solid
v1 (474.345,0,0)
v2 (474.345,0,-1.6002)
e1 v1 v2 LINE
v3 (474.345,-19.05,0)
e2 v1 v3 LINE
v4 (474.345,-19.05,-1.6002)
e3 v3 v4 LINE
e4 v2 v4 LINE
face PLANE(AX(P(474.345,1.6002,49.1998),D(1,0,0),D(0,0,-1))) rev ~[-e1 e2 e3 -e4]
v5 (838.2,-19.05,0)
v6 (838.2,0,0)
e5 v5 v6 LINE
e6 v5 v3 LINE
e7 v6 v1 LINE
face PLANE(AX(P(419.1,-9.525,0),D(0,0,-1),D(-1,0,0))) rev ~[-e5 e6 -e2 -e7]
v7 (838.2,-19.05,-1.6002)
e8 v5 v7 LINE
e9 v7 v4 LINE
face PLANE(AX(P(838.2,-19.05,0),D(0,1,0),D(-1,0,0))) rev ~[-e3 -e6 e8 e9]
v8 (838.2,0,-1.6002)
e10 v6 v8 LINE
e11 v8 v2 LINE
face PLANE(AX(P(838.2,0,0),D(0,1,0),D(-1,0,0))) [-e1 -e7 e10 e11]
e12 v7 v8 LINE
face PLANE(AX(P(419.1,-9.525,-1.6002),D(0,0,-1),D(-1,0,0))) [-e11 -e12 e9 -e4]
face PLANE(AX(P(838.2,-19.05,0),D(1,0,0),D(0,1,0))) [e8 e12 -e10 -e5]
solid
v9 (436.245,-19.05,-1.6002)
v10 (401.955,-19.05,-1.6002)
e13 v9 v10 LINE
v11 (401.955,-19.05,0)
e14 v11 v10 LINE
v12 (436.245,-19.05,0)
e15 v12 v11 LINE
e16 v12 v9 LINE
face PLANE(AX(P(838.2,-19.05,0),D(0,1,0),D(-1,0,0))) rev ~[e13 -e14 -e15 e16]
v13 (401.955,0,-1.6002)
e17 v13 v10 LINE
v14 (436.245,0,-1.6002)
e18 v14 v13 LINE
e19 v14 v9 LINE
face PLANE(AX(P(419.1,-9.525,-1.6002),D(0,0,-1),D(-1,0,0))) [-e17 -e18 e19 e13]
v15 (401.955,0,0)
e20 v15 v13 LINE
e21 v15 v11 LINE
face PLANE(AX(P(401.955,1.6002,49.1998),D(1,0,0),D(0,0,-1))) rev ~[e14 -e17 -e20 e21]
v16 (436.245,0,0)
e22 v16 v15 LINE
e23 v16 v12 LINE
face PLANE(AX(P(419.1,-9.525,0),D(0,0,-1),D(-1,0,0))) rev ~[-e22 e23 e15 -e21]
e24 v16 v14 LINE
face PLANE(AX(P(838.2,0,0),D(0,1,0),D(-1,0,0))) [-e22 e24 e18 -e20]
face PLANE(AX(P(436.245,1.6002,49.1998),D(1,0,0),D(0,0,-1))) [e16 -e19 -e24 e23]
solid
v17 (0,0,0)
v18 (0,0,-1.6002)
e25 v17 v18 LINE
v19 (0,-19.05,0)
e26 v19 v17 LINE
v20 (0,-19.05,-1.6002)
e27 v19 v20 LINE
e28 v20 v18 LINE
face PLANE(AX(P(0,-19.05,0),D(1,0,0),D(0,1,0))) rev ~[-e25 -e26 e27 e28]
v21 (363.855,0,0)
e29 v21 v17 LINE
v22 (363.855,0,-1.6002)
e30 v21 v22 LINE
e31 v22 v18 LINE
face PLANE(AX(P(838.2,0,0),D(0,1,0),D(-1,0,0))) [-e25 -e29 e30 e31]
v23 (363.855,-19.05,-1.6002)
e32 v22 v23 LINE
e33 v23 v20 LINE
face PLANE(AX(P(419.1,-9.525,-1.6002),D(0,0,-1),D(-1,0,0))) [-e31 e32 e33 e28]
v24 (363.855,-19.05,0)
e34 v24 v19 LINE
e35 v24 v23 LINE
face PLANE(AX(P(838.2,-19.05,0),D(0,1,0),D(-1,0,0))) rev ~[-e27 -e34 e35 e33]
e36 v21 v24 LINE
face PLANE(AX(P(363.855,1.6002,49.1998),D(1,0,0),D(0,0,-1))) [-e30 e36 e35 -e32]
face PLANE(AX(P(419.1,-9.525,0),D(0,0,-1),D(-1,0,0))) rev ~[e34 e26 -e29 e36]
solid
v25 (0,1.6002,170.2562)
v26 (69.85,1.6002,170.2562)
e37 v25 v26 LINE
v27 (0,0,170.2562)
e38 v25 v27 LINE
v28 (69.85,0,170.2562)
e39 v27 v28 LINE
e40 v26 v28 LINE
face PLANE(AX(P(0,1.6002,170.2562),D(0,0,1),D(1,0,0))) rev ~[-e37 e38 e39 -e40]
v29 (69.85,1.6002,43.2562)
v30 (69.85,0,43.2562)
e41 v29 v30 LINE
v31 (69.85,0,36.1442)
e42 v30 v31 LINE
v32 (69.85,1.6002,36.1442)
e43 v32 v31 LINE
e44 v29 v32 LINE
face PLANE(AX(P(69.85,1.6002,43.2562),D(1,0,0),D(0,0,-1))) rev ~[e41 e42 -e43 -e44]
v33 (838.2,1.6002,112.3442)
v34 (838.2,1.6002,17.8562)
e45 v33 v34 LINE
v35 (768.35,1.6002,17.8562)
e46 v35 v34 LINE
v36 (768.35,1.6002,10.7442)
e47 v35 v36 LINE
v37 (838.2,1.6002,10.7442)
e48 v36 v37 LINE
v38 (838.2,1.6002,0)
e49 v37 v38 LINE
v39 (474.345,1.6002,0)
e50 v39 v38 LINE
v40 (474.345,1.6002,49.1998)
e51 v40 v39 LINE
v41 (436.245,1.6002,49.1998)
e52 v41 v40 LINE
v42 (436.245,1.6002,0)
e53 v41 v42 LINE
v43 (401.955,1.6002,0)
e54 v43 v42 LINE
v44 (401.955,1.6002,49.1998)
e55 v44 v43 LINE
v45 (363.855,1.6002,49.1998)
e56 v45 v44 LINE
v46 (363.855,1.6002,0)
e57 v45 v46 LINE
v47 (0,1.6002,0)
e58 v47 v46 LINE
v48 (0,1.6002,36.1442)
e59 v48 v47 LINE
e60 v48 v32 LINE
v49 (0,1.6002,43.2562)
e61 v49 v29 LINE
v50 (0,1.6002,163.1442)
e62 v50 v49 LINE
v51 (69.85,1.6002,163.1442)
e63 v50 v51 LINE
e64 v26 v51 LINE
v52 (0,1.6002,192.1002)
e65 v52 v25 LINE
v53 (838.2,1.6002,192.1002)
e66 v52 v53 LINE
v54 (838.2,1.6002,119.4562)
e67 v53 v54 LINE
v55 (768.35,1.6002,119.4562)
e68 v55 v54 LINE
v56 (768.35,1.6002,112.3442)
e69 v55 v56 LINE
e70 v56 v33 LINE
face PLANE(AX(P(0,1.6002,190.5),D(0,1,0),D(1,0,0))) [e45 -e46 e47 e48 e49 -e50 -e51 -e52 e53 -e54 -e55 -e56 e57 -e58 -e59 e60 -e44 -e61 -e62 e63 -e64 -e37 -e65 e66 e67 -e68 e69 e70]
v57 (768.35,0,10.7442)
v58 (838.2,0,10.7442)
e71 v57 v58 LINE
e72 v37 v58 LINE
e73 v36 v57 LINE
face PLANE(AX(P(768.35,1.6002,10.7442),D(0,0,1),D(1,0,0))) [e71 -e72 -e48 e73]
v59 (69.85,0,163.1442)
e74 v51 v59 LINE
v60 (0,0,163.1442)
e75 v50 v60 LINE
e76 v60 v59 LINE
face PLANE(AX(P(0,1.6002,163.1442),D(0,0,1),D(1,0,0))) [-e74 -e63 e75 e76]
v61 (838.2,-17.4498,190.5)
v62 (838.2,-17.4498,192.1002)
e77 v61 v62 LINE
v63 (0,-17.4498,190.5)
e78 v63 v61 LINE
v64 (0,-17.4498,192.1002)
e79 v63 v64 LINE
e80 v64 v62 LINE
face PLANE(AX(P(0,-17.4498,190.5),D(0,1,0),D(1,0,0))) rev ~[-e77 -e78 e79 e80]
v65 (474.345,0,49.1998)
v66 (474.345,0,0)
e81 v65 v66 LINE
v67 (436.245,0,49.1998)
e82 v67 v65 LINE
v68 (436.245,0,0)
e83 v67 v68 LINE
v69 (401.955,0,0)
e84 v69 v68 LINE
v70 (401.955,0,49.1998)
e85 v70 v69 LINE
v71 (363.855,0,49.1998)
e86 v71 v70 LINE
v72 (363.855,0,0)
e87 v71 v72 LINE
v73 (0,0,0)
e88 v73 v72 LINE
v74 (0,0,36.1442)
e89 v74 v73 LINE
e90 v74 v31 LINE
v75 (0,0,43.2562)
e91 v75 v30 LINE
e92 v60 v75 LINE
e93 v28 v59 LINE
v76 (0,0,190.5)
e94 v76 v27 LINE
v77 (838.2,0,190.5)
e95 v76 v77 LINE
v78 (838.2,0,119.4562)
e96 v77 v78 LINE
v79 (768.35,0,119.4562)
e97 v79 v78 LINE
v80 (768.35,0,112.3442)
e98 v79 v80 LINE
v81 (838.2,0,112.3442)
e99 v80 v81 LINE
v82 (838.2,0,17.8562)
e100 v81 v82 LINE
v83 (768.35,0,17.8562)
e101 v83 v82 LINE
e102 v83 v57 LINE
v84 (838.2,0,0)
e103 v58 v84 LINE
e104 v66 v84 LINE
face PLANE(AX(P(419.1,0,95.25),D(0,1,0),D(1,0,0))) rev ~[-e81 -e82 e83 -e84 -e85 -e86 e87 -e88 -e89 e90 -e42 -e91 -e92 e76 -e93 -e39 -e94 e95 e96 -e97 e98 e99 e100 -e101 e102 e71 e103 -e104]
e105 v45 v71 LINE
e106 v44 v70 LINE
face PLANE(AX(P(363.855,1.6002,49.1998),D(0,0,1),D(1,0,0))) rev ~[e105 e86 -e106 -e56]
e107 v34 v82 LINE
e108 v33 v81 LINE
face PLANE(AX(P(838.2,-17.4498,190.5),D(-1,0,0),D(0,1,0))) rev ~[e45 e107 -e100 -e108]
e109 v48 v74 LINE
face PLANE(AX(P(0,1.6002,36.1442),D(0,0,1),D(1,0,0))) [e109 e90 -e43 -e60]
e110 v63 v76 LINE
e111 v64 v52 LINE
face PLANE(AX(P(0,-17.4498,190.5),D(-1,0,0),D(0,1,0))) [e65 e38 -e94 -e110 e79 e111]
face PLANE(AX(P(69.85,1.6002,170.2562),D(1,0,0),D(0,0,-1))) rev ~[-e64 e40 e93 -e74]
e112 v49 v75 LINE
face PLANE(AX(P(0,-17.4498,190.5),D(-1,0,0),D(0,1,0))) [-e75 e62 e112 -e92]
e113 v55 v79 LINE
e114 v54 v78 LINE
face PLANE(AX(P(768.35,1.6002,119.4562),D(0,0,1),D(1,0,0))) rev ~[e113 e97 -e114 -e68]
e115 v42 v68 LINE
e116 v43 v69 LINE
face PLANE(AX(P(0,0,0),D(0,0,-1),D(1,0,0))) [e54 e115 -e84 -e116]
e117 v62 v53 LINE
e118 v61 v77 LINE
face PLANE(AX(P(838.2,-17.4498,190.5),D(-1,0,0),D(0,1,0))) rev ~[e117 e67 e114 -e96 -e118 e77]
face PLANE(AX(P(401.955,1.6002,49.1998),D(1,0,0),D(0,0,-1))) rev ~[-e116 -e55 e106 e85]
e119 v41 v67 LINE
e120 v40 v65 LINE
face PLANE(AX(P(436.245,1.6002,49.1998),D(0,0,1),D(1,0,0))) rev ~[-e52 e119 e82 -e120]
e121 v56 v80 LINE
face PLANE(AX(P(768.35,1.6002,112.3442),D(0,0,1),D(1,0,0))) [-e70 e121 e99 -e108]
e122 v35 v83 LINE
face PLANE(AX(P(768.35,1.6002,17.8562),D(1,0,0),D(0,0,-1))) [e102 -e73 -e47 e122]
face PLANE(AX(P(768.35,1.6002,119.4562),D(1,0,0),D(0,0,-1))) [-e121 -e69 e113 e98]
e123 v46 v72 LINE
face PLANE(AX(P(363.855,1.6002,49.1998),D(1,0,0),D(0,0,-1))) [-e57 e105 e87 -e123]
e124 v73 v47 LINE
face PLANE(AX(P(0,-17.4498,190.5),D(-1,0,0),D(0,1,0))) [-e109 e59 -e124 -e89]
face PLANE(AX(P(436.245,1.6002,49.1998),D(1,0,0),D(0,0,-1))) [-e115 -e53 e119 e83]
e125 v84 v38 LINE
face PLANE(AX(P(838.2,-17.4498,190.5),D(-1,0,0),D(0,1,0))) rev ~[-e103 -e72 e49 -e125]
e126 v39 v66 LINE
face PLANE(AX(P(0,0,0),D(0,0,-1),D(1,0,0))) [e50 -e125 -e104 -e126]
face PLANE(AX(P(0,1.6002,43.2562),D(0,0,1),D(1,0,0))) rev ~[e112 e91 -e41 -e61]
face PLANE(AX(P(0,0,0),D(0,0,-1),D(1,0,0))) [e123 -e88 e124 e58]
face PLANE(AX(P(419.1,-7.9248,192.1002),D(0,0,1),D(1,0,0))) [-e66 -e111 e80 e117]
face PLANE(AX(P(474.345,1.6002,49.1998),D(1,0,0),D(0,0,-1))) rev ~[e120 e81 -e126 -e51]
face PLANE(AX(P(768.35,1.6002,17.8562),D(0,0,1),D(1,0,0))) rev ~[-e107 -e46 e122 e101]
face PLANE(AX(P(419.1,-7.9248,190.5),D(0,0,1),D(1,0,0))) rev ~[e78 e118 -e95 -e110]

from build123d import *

# Parameters (mm, degrees)
SKETCH1_W           = 838.2
SKETCH1_H           = 190.5
BOSS_EXTRUDE1_DEPTH = 1.6002
SKETCH3_W           = 838.2
SKETCH3_H           = 19.05
BOSS_EXTRUDE2_DEPTH = 1.6002
SKETCH4_W           = 838.2
SKETCH4_H           = 19.05
BOSS_EXTRUDE3_DEPTH = 1.6002
SKETCH2_W           = 38.1
SKETCH2_H           = 50.8
CUT_EXTRUDE1_DEPTH  = 21.6502
SKETCH6_W           = 69.85
SKETCH6_H           = 7.112
CUT_EXTRUDE2_DEPTH  = 21.6502


with BuildPart() as part:
    # Sketch1 → Boss-Extrude1 (new body)
    with BuildSketch(Plane(origin=(0, 0, 0), x_dir=(1, 0, 0), z_dir=(0, 1, 0))):
        with Locations((419.1, -95.25)):
            Rectangle(SKETCH1_W, SKETCH1_H)
    extrude(amount=BOSS_EXTRUDE1_DEPTH)

    # Sketch3 → Boss-Extrude2 (add)
    with BuildSketch(Plane.XY.offset(190.5)):
        with Locations((419.1, -7.9248)):
            Rectangle(SKETCH3_W, SKETCH3_H)
    extrude(amount=BOSS_EXTRUDE2_DEPTH)


with BuildPart() as body_2:
    # Sketch4 → Boss-Extrude3 (new body)
    with BuildSketch(Plane(origin=(0, 0, 0), x_dir=(-1, 0, 0), z_dir=(0, 0, -1))):
        with Locations((-419.1, -9.525)):
            Rectangle(SKETCH4_W, SKETCH4_H)
    extrude(amount=BOSS_EXTRUDE3_DEPTH)


with BuildPart() as cut_extrude1_tool:
    # Sketch2 → Cut-Extrude1 (new body, through all)
    with BuildSketch(Plane(origin=(0, 1.6002, 0), x_dir=(1, 0, 0), z_dir=(0, 1, 0))):
        with Locations((382.905, -23.7998)):
            Rectangle(SKETCH2_W, SKETCH2_H)
        with Locations((455.295, -23.7998)):
            Rectangle(SKETCH2_W, SKETCH2_H)
    extrude(amount=-CUT_EXTRUDE1_DEPTH)


with BuildPart() as part_1:
    add(part.part)

    # Cut-Extrude1: cut by cut_extrude1_tool
    add(cut_extrude1_tool.part, mode=Mode.SUBTRACT)

    # Sketch6 → Cut-Extrude2 (cut, through all)
    with BuildSketch(Plane(origin=(0, 1.6002, 0), x_dir=(1, 0, 0), z_dir=(0, 1, 0))):
        with Locations((34.925, -39.7002)):
            Rectangle(SKETCH6_W, SKETCH6_H)
        with Locations((34.925, -166.7002)):
            Rectangle(SKETCH6_W, SKETCH6_H)
        with Locations((803.275, -14.3002)):
            Rectangle(SKETCH6_W, SKETCH6_H)
        with Locations((803.275, -115.9002)):
            Rectangle(SKETCH6_W, SKETCH6_H)
    extrude(amount=-CUT_EXTRUDE2_DEPTH, mode=Mode.SUBTRACT)


with BuildPart() as body_2_1:
    add(body_2.part)

    # Cut-Extrude1: cut by cut_extrude1_tool
    add(cut_extrude1_tool.part, mode=Mode.SUBTRACT)


solid = Compound([part_1.part, body_2_1.part])
